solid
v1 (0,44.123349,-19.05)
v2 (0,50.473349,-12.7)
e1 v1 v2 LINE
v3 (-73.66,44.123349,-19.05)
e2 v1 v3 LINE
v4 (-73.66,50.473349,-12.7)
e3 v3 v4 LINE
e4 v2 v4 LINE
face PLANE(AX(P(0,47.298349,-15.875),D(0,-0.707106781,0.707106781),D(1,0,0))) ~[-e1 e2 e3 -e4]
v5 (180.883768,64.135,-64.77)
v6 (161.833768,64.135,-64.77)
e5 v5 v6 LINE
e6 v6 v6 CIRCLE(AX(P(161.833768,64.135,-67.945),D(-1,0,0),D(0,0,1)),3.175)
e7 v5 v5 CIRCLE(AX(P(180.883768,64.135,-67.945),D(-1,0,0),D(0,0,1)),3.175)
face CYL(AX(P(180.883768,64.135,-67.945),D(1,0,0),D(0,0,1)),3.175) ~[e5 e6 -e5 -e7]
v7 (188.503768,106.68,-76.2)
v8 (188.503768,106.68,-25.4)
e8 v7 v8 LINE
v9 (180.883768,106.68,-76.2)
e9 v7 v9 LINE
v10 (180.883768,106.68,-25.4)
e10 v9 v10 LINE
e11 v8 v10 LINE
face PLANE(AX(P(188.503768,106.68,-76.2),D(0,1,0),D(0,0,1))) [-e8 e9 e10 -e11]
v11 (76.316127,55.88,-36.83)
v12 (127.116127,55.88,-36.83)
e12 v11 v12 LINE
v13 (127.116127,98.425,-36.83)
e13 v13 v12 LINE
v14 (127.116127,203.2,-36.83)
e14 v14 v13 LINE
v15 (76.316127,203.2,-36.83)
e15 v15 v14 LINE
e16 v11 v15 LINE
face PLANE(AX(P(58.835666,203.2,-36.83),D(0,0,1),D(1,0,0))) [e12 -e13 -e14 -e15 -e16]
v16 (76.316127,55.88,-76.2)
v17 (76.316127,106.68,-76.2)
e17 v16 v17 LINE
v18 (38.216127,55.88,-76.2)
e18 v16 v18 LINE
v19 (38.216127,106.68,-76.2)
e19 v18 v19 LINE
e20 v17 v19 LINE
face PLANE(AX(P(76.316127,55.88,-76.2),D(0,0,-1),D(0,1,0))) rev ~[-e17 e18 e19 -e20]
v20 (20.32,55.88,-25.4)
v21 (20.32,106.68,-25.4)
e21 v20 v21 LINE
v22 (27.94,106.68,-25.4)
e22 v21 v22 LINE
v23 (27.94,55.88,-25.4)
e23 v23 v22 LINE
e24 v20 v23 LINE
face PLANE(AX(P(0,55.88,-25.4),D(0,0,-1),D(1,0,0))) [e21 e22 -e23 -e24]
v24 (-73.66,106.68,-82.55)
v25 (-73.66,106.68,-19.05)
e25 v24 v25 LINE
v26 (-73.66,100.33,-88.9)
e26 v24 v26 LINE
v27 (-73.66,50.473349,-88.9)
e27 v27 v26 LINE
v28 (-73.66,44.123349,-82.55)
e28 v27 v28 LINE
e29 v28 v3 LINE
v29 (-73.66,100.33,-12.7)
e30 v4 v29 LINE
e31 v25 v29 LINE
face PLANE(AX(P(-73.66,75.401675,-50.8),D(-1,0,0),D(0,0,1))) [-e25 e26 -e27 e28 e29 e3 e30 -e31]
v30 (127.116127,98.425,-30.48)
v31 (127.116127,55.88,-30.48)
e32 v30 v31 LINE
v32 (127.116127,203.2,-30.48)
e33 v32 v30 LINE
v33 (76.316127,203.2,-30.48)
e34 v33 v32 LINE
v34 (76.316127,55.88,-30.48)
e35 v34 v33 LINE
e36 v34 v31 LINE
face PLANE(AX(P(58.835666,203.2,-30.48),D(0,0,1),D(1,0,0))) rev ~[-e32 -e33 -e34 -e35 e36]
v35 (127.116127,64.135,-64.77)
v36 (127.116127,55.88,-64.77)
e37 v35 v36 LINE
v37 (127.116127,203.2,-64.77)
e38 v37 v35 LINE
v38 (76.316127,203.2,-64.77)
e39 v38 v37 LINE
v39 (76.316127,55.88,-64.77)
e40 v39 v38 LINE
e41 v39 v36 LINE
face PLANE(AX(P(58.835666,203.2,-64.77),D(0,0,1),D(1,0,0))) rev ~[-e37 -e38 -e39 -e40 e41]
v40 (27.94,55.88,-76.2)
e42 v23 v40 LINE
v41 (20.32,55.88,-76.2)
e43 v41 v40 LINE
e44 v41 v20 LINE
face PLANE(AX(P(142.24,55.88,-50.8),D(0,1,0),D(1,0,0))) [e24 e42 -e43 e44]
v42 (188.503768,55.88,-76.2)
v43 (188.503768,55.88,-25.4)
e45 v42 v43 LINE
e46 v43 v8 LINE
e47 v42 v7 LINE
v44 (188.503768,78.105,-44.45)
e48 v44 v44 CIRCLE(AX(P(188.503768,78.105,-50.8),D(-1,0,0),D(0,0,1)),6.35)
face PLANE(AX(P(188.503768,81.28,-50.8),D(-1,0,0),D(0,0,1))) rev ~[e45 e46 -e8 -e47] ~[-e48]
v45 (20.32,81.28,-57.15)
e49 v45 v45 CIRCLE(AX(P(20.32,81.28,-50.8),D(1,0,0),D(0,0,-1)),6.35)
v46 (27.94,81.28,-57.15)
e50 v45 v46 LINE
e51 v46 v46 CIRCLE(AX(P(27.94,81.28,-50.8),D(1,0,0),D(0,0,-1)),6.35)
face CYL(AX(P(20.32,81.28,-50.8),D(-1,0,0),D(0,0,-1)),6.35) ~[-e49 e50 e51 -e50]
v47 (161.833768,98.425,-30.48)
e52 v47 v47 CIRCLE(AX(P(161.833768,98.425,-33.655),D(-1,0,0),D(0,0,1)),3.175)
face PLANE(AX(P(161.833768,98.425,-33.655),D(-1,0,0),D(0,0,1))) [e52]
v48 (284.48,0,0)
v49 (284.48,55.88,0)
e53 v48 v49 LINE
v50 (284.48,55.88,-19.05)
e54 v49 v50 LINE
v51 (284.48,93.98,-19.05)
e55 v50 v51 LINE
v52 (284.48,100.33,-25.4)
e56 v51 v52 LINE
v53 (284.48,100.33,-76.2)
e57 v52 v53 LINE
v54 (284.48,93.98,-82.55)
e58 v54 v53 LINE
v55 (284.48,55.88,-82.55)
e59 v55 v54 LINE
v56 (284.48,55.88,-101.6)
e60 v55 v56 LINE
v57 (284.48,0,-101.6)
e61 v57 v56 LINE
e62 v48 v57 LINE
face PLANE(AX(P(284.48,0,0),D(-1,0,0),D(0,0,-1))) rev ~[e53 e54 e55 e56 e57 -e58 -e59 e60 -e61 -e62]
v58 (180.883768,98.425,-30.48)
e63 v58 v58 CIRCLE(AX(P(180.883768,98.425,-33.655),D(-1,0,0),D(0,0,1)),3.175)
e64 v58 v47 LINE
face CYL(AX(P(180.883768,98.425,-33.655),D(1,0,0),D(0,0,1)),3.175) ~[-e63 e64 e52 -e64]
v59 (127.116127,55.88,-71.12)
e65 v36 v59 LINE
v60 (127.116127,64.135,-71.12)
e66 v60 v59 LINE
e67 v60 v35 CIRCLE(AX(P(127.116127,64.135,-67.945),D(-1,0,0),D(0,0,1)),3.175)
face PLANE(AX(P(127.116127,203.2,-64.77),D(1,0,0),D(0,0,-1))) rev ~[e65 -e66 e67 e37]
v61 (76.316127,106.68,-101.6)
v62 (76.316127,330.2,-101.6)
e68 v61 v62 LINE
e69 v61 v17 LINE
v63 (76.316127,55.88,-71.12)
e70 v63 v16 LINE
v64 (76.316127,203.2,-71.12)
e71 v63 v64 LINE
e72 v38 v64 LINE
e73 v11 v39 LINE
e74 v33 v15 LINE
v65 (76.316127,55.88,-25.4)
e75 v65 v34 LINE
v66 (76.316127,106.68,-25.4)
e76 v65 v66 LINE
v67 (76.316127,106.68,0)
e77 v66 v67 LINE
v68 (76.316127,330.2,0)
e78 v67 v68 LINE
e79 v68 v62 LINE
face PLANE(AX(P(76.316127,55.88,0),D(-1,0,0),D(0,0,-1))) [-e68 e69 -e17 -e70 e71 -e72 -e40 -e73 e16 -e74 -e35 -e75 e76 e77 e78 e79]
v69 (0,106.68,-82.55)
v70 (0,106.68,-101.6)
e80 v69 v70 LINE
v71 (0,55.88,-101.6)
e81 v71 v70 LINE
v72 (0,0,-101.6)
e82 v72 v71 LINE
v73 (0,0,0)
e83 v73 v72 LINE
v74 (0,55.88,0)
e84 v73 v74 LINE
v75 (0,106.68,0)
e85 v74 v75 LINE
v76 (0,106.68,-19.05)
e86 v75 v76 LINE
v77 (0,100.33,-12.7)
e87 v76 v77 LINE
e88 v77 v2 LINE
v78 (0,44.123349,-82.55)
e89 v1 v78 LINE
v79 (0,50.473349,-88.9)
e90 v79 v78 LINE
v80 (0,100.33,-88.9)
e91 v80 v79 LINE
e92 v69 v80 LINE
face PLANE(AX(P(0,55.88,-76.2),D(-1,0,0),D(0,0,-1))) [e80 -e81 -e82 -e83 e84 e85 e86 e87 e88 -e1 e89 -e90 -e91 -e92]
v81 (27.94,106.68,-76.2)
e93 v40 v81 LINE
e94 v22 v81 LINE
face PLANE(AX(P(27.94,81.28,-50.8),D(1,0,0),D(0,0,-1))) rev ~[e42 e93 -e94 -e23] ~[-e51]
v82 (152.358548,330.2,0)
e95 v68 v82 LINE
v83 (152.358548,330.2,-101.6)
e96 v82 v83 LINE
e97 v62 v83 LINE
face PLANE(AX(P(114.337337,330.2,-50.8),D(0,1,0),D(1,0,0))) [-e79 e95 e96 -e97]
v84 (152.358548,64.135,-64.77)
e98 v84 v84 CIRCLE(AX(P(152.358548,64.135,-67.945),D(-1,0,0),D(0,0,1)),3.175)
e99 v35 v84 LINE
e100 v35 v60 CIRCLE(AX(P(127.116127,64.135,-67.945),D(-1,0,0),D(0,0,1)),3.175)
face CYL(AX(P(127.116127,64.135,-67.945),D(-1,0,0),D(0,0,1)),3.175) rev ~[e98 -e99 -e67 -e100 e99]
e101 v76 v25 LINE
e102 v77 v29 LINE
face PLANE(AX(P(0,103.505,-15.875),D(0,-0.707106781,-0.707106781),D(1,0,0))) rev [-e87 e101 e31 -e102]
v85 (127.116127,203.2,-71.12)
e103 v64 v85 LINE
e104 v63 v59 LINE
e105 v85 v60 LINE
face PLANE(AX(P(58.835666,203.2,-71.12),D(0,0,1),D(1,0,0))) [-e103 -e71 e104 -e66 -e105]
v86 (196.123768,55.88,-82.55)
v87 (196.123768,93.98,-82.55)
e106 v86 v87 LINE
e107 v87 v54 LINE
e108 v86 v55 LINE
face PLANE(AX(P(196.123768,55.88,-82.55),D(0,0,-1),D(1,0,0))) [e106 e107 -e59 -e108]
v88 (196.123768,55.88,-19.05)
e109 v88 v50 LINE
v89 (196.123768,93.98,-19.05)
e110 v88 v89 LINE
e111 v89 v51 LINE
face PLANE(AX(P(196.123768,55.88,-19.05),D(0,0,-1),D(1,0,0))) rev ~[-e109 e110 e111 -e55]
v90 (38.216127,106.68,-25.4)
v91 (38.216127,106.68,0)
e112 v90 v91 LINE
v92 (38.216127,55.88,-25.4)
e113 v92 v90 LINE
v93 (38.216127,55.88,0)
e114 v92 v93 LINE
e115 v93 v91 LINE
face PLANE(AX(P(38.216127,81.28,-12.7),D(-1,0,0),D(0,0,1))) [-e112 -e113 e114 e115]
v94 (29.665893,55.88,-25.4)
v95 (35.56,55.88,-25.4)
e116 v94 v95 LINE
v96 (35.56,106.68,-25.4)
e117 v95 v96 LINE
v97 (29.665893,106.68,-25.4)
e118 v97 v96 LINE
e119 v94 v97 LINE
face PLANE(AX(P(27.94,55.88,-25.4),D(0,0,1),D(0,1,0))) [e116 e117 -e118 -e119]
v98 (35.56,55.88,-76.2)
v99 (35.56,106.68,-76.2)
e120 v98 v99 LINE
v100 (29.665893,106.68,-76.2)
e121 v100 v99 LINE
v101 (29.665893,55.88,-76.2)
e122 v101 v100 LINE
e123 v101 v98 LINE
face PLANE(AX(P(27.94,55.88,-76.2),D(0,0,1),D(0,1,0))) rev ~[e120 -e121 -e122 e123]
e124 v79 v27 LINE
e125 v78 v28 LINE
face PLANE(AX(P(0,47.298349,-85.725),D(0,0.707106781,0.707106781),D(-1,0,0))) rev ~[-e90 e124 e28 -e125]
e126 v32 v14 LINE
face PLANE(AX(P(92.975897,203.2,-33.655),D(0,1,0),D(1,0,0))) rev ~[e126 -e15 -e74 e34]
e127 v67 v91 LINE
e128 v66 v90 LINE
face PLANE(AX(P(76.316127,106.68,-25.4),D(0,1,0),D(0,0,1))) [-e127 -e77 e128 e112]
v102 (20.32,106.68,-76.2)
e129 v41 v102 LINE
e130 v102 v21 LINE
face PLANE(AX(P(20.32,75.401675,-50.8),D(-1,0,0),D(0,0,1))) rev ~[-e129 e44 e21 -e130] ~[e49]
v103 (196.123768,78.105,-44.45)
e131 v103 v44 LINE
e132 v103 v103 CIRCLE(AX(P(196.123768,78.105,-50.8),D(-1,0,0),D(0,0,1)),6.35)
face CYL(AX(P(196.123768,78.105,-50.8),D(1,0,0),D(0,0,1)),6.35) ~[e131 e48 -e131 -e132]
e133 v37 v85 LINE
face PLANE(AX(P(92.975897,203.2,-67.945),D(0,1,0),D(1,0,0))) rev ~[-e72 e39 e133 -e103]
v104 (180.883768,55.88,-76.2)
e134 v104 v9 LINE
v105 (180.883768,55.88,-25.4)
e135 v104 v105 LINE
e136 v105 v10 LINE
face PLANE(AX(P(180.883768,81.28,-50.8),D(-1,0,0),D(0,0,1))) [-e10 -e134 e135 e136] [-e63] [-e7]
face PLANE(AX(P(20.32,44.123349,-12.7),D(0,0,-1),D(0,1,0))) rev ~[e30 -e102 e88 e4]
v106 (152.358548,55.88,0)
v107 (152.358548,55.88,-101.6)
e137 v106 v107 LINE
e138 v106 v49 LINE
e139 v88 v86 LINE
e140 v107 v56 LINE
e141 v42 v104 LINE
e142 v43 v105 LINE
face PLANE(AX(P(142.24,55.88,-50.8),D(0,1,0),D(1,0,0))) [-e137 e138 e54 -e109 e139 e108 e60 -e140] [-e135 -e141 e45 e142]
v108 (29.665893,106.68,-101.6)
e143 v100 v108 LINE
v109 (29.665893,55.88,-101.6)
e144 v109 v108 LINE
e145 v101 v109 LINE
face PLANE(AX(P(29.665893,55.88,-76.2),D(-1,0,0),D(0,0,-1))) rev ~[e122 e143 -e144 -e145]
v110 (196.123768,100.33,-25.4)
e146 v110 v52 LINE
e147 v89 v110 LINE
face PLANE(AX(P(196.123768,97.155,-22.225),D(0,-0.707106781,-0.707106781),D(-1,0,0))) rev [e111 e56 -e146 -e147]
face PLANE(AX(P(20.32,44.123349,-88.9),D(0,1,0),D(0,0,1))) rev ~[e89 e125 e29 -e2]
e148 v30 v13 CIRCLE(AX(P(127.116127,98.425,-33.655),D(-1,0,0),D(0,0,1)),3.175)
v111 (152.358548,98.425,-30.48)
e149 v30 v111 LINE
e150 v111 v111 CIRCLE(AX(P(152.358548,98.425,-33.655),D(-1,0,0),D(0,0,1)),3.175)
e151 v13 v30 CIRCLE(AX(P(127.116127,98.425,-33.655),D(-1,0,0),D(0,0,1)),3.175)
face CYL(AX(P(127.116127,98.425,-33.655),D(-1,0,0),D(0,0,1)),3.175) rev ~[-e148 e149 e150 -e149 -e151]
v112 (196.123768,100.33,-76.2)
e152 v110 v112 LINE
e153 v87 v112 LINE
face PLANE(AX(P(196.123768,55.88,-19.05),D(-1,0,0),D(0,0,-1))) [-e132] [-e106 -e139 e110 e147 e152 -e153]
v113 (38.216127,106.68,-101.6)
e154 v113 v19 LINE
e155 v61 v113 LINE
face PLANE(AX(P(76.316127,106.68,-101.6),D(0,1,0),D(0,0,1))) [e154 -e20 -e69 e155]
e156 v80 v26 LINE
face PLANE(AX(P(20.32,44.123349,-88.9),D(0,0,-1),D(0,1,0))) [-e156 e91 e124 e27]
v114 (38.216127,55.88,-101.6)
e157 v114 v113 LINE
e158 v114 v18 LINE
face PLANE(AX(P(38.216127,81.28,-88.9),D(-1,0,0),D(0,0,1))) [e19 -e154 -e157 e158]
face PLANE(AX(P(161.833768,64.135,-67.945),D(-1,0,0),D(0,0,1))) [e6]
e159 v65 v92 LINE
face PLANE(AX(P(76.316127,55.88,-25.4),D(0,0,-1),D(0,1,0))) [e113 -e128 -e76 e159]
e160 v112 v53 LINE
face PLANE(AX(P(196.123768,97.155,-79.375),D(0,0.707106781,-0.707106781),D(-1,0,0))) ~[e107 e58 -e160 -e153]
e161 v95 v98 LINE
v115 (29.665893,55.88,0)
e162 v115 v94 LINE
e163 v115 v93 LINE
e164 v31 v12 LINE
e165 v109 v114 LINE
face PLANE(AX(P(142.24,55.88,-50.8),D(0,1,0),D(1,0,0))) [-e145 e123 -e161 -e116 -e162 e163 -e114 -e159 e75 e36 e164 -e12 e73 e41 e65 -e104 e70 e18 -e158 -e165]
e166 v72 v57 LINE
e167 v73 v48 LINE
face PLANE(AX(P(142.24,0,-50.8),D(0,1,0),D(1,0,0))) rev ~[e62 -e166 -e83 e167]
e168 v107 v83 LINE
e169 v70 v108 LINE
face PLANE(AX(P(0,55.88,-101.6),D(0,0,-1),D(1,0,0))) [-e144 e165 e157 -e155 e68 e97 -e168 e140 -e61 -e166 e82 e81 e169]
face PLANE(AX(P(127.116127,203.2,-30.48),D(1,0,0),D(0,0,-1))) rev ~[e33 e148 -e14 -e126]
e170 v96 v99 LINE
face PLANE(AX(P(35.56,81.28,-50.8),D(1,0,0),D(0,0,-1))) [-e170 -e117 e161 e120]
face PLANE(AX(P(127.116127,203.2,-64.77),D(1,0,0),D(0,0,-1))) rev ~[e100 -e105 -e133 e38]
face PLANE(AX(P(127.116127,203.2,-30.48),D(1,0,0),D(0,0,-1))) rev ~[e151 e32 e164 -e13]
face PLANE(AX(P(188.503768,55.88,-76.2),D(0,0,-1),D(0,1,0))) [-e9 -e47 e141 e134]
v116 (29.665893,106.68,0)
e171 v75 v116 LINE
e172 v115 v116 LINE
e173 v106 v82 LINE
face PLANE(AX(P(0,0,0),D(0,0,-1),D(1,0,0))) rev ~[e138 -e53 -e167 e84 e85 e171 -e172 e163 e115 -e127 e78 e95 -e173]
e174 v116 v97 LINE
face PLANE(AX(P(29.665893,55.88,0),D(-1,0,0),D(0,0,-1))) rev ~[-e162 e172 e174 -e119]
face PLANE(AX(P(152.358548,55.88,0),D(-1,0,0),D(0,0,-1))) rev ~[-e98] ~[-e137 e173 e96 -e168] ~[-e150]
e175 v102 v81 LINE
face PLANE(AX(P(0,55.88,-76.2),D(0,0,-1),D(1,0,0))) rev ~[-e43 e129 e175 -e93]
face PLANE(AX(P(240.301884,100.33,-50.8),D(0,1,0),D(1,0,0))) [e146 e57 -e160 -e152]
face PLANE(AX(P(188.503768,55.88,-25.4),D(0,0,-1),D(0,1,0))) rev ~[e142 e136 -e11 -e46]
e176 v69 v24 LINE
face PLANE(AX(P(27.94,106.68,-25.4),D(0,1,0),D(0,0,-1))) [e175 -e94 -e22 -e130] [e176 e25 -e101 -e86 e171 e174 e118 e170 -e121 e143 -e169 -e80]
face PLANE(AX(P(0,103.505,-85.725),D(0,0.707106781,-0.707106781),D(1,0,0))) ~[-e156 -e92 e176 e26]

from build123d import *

# Parameters (mm, degrees)
SKETCH1_W            = 284.48
SKETCH1_H            = 101.6
BOSS_EXTRUDE1_DEPTH  = 55.88
SKETCH2_W            = 76.042421072
SKETCH2_H            = 101.6
BOSS_EXTRUDE2_DEPTH  = 274.32
SKETCH3_W            = 68.280460578
SKETCH3_H            = 6.35
CUT_EXTRUDE1_DEPTH   = 147.32
SKETCH4_R            = 3.175
CUT_EXTRUDE2_DEPTH   = 274.32
SKETCH5_W            = 25.4
SKETCH5_H            = 50.8
BOSS_EXTRUDE4_DEPTH  = 38.1
SKETCH6_W            = 29.665893143
SKETCH6_H            = 25.4
BOSS_EXTRUDE5_DEPTH  = 50.8
SKETCH7_W            = 76.2
SKETCH7_H            = 62.556650574
BOSS_EXTRUDE6_DEPTH  = 93.98
SKETCH8_R            = 6.35
BOSS_EXTRUDE7_DEPTH  = 7.62
SKETCH9_W            = 50.8
SKETCH9_H            = 50.8
BOSS_EXTRUDE8_DEPTH  = 7.62
SKETCH11_W           = 88.356231919
SKETCH11_H           = 63.5
BOSS_EXTRUDE9_DEPTH  = 44.45
SKETCH13_R           = 6.35
BOSS_EXTRUDE10_DEPTH = 7.62
SKETCH14_W           = 50.8
SKETCH14_H           = 50.8
BOSS_EXTRUDE11_DEPTH = 7.62
SKETCH15_R           = 3.175
BOSS_EXTRUDE12_DEPTH = 19.05
CHAMFER2_SIZE        = 6.35


with BuildPart() as part:
    # Sketch1 → Boss-Extrude1 (new body)
    with BuildSketch(Plane(origin=(0, 0, 0), x_dir=(1, 0, 0), z_dir=(0, 1, 0))):
        with Locations((142.24, 50.8)):
            Rectangle(SKETCH1_W, SKETCH1_H)
    extrude(amount=BOSS_EXTRUDE1_DEPTH)

    # Sketch2 → Boss-Extrude2 (add)
    with BuildSketch(Plane(origin=(0, 55.88, 0), x_dir=(1, 0, 0), z_dir=(0, 1, 0))):
        with Locations((114.337337429, 50.8)):
            Rectangle(SKETCH2_W, SKETCH2_H)
    extrude(amount=BOSS_EXTRUDE2_DEPTH)

    # Sketch3 → Cut-Extrude1 (cut)
    with BuildSketch(Plane(origin=(0, 203.2, 0), x_dir=(1, 0, 0), z_dir=(0, 1, 0))):
        with Locations((92.975896604, 33.655)):
            Rectangle(SKETCH3_W, SKETCH3_H)
        with Locations((92.975896604, 67.945)):
            Rectangle(SKETCH3_W, SKETCH3_H)
    extrude(amount=-CUT_EXTRUDE1_DEPTH, mode=Mode.SUBTRACT)

    # Sketch4 → Cut-Extrude2 (cut)
    with BuildSketch(Plane.ZY.offset(-127.116126893)):
        with Locations((-33.655, 98.425)):
            Circle(SKETCH4_R)
        with Locations((-67.945, 64.135)):
            Circle(SKETCH4_R)
    extrude(amount=-CUT_EXTRUDE2_DEPTH, mode=Mode.SUBTRACT)

    # Sketch5 → Boss-Extrude4 (add)
    with BuildSketch(Plane.ZY.offset(-76.316126893)):
        with Locations((-88.9, 81.28)):
            Rectangle(SKETCH5_W, SKETCH5_H)
        with Locations((-12.7, 81.28)):
            Rectangle(SKETCH5_W, SKETCH5_H)
    extrude(amount=BOSS_EXTRUDE4_DEPTH)

    # Sketch6 → Boss-Extrude5 (add)
    with BuildSketch(Plane(origin=(0, 55.88, 0), x_dir=(1, 0, 0), z_dir=(0, 1, 0))):
        with Locations((14.832946572, 88.9)):
            Rectangle(SKETCH6_W, SKETCH6_H)
        with Locations((14.832946572, 12.7)):
            Rectangle(SKETCH6_W, SKETCH6_H)
    extrude(amount=BOSS_EXTRUDE5_DEPTH)

    # Sketch7 → Boss-Extrude6 (add)
    with BuildSketch(Plane.ZY.offset(-20.32)):
        with Locations((-50.8, 75.401674713)):
            Rectangle(SKETCH7_W, SKETCH7_H)
    extrude(amount=BOSS_EXTRUDE6_DEPTH)

    # Sketch8 → Boss-Extrude7 (add)
    with BuildSketch(Plane(origin=(20.32, 0, 0), x_dir=(0, 0, -1), z_dir=(1, 0, 0))):
        with Locations((50.8, 81.28)):
            Circle(SKETCH8_R)
    extrude(amount=BOSS_EXTRUDE7_DEPTH)

    # Sketch9 → Boss-Extrude8 (add)
    with BuildSketch(Plane(origin=(27.94, 0, 0), x_dir=(0, 0, -1), z_dir=(1, 0, 0))):
        with Locations((50.8, 81.28)):
            Rectangle(SKETCH9_W, SKETCH9_H)
    extrude(amount=BOSS_EXTRUDE8_DEPTH)

    # Sketch11 → Boss-Extrude9 (add)
    with BuildSketch(Plane(origin=(0, 55.88, 0), x_dir=(1, 0, 0), z_dir=(0, 1, 0))):
        with Locations((240.30188404, 50.8)):
            Rectangle(SKETCH11_W, SKETCH11_H)
    extrude(amount=BOSS_EXTRUDE9_DEPTH)

    # Sketch13 → Boss-Extrude10 (add)
    with BuildSketch(Plane.ZY.offset(-196.123768081)):
        with Locations((-50.8, 78.105)):
            Circle(SKETCH13_R)
    extrude(amount=BOSS_EXTRUDE10_DEPTH)

    # Sketch14 → Boss-Extrude11 (add)
    with BuildSketch(Plane.ZY.offset(-188.503768081)):
        with Locations((-50.8, 81.28)):
            Rectangle(SKETCH14_W, SKETCH14_H)
    extrude(amount=BOSS_EXTRUDE11_DEPTH)

    # Sketch15 → Boss-Extrude12 (add)
    with BuildSketch(Plane.ZY.offset(-180.883768081)):
        with Locations((-33.655, 98.425)):
            Circle(SKETCH15_R)
        with Locations((-67.945, 64.135)):
            Circle(SKETCH15_R)
    extrude(amount=BOSS_EXTRUDE12_DEPTH)

    # Chamfer2
    chamfer2_edges = [part.edges().sort_by_distance(p)[0] for p in [
        (-36.83, 44.123349426, -88.9),
        (-36.83, 106.68, -88.9),
        (-36.83, 106.68, -12.7),
        (-36.83, 44.123349426, -12.7),
        (240.301884041, 100.33, -82.55),
        (240.301884041, 100.33, -19.05),
    ]]
    chamfer(chamfer2_edges, length=CHAMFER2_SIZE)


solid = part.part
